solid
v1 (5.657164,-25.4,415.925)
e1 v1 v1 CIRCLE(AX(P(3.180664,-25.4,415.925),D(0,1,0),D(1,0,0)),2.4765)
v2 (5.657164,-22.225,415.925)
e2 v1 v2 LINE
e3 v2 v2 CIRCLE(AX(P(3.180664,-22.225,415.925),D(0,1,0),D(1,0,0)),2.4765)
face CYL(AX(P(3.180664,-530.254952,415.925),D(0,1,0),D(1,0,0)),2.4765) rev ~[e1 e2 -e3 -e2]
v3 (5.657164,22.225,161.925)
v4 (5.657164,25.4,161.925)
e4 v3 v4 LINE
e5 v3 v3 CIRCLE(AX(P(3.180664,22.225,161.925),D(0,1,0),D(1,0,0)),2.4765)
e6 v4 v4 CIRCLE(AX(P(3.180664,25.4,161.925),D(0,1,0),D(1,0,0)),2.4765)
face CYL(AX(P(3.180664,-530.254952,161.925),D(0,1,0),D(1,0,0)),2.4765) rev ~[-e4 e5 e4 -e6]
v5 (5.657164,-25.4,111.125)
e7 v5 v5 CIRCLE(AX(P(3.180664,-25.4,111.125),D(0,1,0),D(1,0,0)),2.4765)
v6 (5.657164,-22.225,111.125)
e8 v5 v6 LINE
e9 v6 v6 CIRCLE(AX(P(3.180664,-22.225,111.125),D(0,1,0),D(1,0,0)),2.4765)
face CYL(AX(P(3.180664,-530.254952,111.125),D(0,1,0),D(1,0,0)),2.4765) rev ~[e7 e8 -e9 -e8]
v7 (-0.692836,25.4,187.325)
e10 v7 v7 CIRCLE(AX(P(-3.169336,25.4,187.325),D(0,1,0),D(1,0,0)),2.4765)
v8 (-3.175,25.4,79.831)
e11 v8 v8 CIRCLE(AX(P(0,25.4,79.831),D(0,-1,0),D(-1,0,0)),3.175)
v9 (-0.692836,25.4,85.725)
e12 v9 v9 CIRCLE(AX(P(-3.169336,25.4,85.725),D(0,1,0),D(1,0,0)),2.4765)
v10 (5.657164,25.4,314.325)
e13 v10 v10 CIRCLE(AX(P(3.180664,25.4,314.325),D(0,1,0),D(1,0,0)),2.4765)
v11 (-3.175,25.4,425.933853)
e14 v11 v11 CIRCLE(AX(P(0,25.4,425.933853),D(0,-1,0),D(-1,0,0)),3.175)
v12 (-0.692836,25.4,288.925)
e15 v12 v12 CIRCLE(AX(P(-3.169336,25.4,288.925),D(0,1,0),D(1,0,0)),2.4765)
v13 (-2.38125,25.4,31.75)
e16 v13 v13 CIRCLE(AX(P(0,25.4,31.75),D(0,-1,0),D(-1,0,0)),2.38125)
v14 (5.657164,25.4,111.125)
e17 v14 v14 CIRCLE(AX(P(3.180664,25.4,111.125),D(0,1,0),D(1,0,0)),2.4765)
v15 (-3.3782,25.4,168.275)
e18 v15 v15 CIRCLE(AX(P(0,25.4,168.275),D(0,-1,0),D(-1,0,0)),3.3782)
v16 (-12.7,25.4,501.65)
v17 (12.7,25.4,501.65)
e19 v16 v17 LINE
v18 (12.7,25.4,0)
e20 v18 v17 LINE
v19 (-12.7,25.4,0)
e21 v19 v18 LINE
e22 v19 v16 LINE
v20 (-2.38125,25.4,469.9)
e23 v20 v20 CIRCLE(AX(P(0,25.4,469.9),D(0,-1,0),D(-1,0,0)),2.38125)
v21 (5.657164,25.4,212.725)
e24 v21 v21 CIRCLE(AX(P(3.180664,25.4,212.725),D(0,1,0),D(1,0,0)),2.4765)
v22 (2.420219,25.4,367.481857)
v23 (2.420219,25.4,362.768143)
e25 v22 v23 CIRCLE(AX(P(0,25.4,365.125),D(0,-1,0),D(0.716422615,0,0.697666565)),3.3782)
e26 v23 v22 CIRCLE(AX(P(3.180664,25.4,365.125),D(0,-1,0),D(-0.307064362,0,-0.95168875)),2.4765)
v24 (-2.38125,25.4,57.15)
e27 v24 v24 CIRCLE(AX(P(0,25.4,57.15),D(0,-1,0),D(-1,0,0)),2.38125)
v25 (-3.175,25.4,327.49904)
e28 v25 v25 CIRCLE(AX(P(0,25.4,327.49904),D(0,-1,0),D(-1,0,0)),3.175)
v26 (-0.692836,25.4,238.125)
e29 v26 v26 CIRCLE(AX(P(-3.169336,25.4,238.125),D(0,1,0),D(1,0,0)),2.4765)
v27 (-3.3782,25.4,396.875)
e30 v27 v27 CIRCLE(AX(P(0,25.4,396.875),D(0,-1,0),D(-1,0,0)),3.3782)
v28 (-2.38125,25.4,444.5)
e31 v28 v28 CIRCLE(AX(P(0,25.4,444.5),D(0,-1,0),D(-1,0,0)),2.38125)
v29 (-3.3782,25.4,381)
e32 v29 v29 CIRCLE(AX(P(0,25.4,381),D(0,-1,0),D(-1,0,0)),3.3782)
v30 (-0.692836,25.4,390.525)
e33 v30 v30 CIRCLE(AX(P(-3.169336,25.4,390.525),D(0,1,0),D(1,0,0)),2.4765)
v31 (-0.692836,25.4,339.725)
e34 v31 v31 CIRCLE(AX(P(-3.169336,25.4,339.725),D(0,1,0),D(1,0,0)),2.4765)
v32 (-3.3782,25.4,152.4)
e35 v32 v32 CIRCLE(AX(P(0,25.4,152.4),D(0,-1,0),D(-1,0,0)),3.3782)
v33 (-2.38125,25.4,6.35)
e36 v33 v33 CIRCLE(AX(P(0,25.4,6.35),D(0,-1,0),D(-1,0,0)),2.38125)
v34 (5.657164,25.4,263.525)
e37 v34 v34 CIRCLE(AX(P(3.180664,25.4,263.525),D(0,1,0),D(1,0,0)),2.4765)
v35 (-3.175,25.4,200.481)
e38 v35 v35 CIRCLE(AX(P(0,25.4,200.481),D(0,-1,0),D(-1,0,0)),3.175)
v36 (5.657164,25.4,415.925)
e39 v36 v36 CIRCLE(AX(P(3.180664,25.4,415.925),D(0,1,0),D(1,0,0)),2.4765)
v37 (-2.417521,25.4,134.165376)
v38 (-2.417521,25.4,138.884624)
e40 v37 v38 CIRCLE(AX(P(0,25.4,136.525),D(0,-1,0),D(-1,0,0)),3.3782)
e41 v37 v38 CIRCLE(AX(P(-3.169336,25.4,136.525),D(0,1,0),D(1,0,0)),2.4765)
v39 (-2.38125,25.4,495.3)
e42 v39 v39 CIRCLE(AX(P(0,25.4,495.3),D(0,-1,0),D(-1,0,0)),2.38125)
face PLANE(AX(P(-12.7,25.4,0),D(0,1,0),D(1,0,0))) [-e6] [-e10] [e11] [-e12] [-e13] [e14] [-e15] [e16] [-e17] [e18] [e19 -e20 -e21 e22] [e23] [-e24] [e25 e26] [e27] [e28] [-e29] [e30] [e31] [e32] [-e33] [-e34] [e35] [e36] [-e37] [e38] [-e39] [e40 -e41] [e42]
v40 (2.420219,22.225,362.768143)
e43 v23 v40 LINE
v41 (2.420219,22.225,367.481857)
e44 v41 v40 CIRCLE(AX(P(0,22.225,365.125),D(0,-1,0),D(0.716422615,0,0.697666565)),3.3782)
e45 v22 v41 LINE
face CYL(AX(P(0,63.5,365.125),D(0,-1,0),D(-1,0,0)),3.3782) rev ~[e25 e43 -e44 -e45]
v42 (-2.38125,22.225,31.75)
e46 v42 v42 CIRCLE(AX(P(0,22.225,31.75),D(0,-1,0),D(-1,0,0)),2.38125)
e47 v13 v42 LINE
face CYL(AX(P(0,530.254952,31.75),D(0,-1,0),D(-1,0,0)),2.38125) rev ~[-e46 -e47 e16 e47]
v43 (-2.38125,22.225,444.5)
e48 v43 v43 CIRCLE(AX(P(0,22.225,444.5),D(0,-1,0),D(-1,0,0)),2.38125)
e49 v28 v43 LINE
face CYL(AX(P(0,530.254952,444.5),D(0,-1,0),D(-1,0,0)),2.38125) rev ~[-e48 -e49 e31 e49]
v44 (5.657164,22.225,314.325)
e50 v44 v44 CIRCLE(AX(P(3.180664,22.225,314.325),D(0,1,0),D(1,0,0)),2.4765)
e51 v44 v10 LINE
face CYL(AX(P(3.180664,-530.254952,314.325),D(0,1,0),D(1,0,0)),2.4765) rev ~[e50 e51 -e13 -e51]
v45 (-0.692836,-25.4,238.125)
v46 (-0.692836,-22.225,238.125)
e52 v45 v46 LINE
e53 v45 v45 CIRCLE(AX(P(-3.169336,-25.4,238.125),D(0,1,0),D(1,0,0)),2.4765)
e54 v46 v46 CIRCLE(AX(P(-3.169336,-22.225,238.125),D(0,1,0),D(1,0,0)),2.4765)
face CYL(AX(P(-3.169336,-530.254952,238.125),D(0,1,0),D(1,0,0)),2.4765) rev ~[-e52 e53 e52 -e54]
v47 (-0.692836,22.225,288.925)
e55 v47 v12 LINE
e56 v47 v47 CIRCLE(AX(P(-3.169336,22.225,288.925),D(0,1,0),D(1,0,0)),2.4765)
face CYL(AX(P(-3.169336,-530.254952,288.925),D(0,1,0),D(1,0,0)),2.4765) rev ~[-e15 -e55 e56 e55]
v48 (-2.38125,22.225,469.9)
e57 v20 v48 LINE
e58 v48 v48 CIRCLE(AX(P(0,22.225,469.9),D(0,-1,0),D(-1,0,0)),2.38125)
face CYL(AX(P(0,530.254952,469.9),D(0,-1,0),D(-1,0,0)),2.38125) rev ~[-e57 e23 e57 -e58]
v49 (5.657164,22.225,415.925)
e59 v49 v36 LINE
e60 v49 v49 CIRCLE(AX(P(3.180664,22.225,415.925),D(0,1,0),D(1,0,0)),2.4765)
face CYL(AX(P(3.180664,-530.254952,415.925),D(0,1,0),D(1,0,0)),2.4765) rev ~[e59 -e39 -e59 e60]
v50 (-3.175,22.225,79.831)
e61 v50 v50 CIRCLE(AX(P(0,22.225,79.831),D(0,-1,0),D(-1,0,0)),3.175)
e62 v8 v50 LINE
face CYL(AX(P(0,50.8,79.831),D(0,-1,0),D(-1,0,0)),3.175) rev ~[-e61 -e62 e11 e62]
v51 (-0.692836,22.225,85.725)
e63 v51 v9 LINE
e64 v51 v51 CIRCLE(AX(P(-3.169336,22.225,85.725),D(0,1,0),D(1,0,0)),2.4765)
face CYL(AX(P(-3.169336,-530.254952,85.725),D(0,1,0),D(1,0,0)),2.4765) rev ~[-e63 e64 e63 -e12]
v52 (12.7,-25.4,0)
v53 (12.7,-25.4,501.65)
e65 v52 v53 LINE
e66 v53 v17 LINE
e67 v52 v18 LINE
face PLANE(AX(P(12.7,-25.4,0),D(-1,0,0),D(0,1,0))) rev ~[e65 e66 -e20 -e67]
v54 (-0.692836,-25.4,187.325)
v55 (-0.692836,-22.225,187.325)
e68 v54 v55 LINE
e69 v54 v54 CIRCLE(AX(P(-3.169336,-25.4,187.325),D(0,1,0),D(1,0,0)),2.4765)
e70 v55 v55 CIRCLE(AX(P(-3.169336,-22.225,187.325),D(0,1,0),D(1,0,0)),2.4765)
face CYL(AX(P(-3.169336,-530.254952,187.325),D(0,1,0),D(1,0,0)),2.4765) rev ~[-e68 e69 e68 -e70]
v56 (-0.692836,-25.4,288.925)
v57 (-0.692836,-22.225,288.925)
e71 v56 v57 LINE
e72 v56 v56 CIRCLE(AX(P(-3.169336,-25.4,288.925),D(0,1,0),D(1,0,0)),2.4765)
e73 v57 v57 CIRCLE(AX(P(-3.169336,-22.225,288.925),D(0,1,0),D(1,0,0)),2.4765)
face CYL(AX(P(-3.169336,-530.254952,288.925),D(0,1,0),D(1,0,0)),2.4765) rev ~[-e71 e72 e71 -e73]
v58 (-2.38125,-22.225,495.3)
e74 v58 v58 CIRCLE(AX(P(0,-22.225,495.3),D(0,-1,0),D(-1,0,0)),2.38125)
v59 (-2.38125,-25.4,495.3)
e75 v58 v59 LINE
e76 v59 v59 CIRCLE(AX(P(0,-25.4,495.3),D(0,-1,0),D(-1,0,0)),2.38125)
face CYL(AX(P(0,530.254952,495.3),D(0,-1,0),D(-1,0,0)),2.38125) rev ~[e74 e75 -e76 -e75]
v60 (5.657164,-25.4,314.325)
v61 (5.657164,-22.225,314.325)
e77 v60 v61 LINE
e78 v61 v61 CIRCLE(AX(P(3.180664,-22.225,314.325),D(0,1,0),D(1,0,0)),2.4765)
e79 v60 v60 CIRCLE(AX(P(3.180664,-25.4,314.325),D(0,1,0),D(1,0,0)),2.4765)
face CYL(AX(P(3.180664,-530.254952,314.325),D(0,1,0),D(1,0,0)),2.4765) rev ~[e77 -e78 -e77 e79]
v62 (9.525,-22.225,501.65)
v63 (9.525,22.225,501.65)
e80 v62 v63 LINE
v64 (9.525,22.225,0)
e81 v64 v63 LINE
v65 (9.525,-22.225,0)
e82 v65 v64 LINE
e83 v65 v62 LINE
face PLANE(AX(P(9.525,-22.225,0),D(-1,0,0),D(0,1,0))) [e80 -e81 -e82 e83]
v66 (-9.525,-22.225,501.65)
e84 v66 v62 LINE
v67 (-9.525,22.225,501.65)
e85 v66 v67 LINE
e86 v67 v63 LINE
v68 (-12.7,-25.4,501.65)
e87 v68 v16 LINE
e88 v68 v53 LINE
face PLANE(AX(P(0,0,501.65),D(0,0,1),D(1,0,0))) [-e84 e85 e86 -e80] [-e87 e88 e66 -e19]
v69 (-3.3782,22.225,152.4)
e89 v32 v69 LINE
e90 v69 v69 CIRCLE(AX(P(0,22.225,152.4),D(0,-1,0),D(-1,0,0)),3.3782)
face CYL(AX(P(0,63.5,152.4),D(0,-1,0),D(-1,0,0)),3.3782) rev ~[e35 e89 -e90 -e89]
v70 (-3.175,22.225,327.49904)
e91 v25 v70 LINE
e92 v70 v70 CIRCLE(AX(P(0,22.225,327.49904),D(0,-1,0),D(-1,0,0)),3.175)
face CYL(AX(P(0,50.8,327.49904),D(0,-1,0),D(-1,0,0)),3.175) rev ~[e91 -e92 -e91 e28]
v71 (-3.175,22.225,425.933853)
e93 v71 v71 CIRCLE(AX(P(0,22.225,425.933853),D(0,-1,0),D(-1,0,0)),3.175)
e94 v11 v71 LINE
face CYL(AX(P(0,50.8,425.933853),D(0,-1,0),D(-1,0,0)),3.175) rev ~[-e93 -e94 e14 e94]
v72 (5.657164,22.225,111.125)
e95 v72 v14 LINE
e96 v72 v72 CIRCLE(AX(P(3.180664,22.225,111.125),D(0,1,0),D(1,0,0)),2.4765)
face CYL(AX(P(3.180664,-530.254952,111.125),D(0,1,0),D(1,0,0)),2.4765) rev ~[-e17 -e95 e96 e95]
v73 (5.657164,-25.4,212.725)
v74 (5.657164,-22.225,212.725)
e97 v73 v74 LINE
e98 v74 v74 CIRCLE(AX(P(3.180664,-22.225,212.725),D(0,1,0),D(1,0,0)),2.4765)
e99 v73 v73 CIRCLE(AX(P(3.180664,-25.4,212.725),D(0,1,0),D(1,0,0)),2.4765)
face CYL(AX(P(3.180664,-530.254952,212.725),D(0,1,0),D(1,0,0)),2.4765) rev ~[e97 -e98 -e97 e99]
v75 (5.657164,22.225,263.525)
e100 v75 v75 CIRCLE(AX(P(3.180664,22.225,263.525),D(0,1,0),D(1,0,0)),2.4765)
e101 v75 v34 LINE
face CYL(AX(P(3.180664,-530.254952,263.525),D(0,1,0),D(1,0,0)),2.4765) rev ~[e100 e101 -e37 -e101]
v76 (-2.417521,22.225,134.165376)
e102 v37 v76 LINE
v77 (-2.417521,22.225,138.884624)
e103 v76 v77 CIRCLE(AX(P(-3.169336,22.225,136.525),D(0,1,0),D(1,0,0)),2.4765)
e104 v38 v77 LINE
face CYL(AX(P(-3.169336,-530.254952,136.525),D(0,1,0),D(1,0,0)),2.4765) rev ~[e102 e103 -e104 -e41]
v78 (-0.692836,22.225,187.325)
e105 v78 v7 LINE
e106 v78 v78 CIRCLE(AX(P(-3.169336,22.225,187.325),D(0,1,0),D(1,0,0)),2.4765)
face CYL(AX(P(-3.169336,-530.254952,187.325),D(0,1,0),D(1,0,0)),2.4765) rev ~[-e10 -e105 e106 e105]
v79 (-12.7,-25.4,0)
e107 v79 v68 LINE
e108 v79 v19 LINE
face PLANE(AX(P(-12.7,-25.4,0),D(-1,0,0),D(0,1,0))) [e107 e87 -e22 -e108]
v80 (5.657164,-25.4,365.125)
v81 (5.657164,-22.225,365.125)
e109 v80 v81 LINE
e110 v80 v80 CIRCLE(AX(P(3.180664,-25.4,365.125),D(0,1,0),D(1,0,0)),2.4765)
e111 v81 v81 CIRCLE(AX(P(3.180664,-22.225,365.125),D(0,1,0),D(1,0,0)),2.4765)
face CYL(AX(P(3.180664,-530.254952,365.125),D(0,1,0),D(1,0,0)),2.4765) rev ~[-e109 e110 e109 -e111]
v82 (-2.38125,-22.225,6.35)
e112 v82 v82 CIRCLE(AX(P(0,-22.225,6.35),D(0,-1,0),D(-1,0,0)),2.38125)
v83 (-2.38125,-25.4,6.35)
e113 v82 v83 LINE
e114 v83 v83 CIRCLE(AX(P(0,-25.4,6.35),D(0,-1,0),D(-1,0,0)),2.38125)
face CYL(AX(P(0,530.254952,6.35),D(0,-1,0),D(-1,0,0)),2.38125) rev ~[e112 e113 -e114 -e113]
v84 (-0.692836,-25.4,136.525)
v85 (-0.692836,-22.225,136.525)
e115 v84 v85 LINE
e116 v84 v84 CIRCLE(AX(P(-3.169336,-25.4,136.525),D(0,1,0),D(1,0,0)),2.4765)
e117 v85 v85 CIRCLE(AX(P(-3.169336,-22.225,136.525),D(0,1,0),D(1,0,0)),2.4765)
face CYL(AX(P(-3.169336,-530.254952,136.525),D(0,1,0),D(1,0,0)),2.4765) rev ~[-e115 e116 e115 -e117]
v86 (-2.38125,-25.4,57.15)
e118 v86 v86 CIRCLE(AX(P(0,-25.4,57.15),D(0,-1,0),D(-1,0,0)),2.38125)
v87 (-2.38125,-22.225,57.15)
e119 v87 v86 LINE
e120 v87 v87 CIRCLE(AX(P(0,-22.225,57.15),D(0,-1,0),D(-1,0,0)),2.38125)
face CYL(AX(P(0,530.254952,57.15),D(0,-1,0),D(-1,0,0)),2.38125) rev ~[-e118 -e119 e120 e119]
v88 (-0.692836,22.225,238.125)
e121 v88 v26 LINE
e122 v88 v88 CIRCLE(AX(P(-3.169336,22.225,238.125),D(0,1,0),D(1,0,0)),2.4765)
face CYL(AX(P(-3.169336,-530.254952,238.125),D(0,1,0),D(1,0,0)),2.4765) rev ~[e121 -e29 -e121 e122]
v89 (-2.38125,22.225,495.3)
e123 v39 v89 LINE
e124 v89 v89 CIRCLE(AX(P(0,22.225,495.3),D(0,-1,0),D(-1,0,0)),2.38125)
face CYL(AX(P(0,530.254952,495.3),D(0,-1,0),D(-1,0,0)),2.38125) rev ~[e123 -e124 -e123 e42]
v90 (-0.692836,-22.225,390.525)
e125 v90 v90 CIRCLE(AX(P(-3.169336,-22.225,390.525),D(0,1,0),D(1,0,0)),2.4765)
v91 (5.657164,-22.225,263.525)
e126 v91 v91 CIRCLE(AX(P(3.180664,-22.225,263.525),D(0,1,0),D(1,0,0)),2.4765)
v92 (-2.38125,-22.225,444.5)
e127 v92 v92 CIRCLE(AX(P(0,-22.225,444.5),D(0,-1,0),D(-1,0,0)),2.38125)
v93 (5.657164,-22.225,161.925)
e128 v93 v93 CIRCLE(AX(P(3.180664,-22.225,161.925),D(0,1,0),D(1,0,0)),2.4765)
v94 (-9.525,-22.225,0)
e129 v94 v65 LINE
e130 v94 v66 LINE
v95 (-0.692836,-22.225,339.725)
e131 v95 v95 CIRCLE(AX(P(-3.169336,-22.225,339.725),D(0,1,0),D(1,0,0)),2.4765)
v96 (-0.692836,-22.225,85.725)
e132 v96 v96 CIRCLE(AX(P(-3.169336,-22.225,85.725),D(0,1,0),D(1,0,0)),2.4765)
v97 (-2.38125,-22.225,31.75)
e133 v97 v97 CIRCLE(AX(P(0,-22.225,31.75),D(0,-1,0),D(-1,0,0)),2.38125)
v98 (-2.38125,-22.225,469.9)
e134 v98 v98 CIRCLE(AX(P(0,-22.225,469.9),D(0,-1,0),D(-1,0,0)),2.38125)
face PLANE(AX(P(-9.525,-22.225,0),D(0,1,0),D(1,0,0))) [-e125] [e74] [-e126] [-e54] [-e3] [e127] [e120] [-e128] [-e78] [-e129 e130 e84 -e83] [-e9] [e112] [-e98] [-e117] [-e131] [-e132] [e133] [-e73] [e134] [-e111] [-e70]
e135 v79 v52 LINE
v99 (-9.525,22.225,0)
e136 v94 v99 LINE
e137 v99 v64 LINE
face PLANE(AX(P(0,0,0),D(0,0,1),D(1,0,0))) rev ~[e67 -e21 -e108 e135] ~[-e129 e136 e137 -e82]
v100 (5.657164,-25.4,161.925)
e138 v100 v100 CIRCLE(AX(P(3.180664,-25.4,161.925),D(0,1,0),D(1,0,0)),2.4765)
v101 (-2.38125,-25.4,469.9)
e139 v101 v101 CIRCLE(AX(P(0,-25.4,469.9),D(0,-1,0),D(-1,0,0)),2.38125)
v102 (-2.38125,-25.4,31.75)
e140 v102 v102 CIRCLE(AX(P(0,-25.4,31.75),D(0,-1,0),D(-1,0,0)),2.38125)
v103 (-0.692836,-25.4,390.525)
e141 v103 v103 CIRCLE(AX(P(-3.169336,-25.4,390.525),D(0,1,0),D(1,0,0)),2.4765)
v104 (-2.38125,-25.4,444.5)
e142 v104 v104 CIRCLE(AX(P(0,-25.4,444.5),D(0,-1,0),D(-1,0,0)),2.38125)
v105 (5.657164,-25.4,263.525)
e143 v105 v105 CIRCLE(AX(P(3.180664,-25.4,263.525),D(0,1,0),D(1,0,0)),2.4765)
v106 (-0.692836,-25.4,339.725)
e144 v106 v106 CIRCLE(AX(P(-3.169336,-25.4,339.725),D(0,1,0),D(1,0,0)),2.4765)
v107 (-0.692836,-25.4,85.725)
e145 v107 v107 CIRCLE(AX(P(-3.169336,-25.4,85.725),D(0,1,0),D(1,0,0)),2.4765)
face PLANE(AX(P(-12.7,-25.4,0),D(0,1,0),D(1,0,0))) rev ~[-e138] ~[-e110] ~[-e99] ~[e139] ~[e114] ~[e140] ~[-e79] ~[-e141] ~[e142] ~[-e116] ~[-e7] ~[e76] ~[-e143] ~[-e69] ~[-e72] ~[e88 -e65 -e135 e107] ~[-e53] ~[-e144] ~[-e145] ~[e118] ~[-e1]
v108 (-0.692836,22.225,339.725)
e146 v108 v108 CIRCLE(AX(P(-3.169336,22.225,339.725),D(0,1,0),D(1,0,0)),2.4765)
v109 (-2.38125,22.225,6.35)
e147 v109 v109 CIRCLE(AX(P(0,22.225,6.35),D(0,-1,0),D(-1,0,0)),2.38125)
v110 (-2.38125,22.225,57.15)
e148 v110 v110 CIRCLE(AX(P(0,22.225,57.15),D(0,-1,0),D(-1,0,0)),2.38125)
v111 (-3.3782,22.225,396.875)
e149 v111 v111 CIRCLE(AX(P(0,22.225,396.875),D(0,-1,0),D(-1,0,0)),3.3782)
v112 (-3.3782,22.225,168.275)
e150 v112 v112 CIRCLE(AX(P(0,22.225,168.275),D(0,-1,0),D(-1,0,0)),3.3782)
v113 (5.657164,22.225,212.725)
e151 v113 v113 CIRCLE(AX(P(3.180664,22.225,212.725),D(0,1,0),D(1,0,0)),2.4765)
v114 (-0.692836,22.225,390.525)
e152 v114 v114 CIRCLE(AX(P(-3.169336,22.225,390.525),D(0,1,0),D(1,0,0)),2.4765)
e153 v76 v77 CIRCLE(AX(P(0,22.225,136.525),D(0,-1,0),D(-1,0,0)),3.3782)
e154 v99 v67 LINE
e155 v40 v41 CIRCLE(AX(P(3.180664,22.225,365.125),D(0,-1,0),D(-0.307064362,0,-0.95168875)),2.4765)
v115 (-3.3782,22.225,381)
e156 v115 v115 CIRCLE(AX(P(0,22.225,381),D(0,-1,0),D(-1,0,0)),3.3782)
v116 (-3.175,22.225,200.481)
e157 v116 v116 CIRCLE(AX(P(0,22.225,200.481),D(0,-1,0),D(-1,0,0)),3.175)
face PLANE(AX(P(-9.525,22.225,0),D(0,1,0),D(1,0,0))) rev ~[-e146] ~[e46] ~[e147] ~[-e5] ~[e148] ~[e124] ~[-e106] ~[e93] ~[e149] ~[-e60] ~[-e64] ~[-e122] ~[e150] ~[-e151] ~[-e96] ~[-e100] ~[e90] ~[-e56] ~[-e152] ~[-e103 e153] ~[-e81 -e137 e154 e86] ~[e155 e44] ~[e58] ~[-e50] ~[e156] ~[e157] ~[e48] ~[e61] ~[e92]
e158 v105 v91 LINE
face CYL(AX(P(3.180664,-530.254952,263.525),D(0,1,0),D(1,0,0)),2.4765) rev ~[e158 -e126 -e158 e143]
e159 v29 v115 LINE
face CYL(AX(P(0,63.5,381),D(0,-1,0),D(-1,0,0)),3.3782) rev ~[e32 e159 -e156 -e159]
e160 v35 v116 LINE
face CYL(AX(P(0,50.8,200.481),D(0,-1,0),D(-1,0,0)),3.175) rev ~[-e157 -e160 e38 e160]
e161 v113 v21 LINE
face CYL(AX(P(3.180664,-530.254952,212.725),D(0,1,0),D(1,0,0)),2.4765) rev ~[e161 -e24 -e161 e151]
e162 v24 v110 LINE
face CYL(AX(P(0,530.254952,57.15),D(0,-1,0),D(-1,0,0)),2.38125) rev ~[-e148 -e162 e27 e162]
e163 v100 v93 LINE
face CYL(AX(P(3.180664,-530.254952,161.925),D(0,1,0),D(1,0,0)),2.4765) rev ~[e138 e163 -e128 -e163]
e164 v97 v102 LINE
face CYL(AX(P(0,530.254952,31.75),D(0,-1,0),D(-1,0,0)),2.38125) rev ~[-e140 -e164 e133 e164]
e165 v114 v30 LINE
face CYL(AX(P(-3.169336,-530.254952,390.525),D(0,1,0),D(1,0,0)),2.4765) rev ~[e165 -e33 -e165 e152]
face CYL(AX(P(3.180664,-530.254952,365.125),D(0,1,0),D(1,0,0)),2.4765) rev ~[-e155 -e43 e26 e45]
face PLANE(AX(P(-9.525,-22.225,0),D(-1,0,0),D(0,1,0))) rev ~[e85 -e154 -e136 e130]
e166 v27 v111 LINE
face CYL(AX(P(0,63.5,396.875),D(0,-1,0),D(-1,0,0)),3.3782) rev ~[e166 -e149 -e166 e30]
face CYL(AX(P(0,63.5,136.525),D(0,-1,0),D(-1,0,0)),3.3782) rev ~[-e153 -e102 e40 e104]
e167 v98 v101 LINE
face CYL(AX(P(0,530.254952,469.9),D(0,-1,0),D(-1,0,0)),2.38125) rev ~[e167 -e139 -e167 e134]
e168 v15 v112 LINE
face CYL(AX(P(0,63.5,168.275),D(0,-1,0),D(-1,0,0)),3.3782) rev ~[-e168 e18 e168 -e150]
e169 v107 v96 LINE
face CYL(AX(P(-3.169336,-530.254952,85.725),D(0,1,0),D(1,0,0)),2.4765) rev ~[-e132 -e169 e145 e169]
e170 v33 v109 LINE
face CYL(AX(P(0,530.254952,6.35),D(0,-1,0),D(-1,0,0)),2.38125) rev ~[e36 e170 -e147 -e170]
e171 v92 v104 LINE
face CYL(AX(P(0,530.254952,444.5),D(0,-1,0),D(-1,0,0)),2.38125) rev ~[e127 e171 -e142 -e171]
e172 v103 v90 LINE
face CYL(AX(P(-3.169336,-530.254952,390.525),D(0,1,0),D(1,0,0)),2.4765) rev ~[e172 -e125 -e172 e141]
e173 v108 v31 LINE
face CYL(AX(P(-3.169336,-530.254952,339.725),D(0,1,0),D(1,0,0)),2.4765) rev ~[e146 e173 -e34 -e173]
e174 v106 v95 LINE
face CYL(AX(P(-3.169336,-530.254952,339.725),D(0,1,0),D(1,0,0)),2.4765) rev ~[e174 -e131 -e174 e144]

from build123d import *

# Parameters (mm, degrees)
SKETCH1_W                       = 25.4
SKETCH1_H                       = 50.8
SKETCH1_W_2                     = 19.05
SKETCH1_H_2                     = 44.45
EXTRUDE_THIN1_DEPTH             = 501.65
F_3_16_0_1875_DIAMETER_HOLE1_D  = 4.7625
F_1_4_0_25_DIAMETER_HOLE1_D     = 6.35
F_1_4_0_25_DIAMETER_HOLE1_DEPTH = 25.4
F_1_4_0_25_DIAMETER_HOLE1_TIP   = 1.907732465
F_1_4_CLEARANCE_HOLE1_D         = 6.7564
F_1_4_CLEARANCE_HOLE1_DEPTH     = 38.1
F_1_4_CLEARANCE_HOLE1_TIP       = 2.029827343
F_3_16_0_195_DIAMETER_HOLE1_D   = 4.953


with BuildPart() as part:
    # Sketch1 → Extrude-Thin1 (new body)
    with BuildSketch(Plane.XY):
        Rectangle(SKETCH1_W, SKETCH1_H)
        Rectangle(SKETCH1_W_2, SKETCH1_H_2, mode=Mode.SUBTRACT)
    extrude(amount=EXTRUDE_THIN1_DEPTH)

    # 3/16 (0.1875) Diameter Hole1 (through all)
    with Locations(Plane(origin=(0, 25.4, 495.3), x_dir=(1, 0, 0), z_dir=(0, 1, 0))):
        with Locations((0, 0), (0, 488.95), (0, 463.55), (0, 438.15), (0, 25.4), (0, 50.8)):
            Hole(F_3_16_0_1875_DIAMETER_HOLE1_D / 2)

    # 1/4 (0.25) Diameter Hole1
    with Locations(Plane(origin=(0, 25.4, 0), x_dir=(1, 0, 0), z_dir=(0, 1, 0))):
        with Locations((0, -79.831), (0, -425.933853021), (0, -327.499040355), (0, -200.481)):
            Hole(F_1_4_0_25_DIAMETER_HOLE1_D / 2, depth=F_1_4_0_25_DIAMETER_HOLE1_DEPTH)
            with Locations((0, 0, -(F_1_4_0_25_DIAMETER_HOLE1_DEPTH + F_1_4_0_25_DIAMETER_HOLE1_TIP / 2))):  # 118° drill point
                Cone(0, F_1_4_0_25_DIAMETER_HOLE1_D / 2, F_1_4_0_25_DIAMETER_HOLE1_TIP, mode=Mode.SUBTRACT)

    # 1/4 Clearance Hole1
    with Locations(Plane(origin=(381, 25.4, 250.825), x_dir=(1, 0, 0), z_dir=(0, 1, 0))):
        with Locations((381, 82.55), (381, 98.425), (381, 114.3), (381, -146.05), (381, -130.175), (381, -114.3), (-381, -146.05), (-381, -130.175), (-381, -114.3), (-381, 82.55), (-381, 98.425), (-381, 114.3)):
            Hole(F_1_4_CLEARANCE_HOLE1_D / 2, depth=F_1_4_CLEARANCE_HOLE1_DEPTH)
            with Locations((0, 0, -(F_1_4_CLEARANCE_HOLE1_DEPTH + F_1_4_CLEARANCE_HOLE1_TIP / 2))):  # 118° drill point
                Cone(0, F_1_4_CLEARANCE_HOLE1_D / 2, F_1_4_CLEARANCE_HOLE1_TIP, mode=Mode.SUBTRACT)

    # 3/16 (0.195) Diameter Hole1 (through all)
    with Locations(Plane(origin=(0, -25.4, 0), x_dir=(-1, 0, 0), z_dir=(0, -1, 0))):
        with Locations((3.169336228, -85.725), (-3.180663772, -111.125), (3.169336228, -136.525), (-3.180663772, -161.925), (3.169336228, -187.325), (-3.180663772, -212.725), (3.169336228, -238.125), (-3.180663772, -263.525), (3.169336228, -288.925), (-3.180663772, -314.325), (3.169336228, -339.725), (-3.180663772, -365.125), (3.169336228, -390.525), (-3.180663772, -415.925)):
            Hole(F_3_16_0_195_DIAMETER_HOLE1_D / 2)


solid = part.part
